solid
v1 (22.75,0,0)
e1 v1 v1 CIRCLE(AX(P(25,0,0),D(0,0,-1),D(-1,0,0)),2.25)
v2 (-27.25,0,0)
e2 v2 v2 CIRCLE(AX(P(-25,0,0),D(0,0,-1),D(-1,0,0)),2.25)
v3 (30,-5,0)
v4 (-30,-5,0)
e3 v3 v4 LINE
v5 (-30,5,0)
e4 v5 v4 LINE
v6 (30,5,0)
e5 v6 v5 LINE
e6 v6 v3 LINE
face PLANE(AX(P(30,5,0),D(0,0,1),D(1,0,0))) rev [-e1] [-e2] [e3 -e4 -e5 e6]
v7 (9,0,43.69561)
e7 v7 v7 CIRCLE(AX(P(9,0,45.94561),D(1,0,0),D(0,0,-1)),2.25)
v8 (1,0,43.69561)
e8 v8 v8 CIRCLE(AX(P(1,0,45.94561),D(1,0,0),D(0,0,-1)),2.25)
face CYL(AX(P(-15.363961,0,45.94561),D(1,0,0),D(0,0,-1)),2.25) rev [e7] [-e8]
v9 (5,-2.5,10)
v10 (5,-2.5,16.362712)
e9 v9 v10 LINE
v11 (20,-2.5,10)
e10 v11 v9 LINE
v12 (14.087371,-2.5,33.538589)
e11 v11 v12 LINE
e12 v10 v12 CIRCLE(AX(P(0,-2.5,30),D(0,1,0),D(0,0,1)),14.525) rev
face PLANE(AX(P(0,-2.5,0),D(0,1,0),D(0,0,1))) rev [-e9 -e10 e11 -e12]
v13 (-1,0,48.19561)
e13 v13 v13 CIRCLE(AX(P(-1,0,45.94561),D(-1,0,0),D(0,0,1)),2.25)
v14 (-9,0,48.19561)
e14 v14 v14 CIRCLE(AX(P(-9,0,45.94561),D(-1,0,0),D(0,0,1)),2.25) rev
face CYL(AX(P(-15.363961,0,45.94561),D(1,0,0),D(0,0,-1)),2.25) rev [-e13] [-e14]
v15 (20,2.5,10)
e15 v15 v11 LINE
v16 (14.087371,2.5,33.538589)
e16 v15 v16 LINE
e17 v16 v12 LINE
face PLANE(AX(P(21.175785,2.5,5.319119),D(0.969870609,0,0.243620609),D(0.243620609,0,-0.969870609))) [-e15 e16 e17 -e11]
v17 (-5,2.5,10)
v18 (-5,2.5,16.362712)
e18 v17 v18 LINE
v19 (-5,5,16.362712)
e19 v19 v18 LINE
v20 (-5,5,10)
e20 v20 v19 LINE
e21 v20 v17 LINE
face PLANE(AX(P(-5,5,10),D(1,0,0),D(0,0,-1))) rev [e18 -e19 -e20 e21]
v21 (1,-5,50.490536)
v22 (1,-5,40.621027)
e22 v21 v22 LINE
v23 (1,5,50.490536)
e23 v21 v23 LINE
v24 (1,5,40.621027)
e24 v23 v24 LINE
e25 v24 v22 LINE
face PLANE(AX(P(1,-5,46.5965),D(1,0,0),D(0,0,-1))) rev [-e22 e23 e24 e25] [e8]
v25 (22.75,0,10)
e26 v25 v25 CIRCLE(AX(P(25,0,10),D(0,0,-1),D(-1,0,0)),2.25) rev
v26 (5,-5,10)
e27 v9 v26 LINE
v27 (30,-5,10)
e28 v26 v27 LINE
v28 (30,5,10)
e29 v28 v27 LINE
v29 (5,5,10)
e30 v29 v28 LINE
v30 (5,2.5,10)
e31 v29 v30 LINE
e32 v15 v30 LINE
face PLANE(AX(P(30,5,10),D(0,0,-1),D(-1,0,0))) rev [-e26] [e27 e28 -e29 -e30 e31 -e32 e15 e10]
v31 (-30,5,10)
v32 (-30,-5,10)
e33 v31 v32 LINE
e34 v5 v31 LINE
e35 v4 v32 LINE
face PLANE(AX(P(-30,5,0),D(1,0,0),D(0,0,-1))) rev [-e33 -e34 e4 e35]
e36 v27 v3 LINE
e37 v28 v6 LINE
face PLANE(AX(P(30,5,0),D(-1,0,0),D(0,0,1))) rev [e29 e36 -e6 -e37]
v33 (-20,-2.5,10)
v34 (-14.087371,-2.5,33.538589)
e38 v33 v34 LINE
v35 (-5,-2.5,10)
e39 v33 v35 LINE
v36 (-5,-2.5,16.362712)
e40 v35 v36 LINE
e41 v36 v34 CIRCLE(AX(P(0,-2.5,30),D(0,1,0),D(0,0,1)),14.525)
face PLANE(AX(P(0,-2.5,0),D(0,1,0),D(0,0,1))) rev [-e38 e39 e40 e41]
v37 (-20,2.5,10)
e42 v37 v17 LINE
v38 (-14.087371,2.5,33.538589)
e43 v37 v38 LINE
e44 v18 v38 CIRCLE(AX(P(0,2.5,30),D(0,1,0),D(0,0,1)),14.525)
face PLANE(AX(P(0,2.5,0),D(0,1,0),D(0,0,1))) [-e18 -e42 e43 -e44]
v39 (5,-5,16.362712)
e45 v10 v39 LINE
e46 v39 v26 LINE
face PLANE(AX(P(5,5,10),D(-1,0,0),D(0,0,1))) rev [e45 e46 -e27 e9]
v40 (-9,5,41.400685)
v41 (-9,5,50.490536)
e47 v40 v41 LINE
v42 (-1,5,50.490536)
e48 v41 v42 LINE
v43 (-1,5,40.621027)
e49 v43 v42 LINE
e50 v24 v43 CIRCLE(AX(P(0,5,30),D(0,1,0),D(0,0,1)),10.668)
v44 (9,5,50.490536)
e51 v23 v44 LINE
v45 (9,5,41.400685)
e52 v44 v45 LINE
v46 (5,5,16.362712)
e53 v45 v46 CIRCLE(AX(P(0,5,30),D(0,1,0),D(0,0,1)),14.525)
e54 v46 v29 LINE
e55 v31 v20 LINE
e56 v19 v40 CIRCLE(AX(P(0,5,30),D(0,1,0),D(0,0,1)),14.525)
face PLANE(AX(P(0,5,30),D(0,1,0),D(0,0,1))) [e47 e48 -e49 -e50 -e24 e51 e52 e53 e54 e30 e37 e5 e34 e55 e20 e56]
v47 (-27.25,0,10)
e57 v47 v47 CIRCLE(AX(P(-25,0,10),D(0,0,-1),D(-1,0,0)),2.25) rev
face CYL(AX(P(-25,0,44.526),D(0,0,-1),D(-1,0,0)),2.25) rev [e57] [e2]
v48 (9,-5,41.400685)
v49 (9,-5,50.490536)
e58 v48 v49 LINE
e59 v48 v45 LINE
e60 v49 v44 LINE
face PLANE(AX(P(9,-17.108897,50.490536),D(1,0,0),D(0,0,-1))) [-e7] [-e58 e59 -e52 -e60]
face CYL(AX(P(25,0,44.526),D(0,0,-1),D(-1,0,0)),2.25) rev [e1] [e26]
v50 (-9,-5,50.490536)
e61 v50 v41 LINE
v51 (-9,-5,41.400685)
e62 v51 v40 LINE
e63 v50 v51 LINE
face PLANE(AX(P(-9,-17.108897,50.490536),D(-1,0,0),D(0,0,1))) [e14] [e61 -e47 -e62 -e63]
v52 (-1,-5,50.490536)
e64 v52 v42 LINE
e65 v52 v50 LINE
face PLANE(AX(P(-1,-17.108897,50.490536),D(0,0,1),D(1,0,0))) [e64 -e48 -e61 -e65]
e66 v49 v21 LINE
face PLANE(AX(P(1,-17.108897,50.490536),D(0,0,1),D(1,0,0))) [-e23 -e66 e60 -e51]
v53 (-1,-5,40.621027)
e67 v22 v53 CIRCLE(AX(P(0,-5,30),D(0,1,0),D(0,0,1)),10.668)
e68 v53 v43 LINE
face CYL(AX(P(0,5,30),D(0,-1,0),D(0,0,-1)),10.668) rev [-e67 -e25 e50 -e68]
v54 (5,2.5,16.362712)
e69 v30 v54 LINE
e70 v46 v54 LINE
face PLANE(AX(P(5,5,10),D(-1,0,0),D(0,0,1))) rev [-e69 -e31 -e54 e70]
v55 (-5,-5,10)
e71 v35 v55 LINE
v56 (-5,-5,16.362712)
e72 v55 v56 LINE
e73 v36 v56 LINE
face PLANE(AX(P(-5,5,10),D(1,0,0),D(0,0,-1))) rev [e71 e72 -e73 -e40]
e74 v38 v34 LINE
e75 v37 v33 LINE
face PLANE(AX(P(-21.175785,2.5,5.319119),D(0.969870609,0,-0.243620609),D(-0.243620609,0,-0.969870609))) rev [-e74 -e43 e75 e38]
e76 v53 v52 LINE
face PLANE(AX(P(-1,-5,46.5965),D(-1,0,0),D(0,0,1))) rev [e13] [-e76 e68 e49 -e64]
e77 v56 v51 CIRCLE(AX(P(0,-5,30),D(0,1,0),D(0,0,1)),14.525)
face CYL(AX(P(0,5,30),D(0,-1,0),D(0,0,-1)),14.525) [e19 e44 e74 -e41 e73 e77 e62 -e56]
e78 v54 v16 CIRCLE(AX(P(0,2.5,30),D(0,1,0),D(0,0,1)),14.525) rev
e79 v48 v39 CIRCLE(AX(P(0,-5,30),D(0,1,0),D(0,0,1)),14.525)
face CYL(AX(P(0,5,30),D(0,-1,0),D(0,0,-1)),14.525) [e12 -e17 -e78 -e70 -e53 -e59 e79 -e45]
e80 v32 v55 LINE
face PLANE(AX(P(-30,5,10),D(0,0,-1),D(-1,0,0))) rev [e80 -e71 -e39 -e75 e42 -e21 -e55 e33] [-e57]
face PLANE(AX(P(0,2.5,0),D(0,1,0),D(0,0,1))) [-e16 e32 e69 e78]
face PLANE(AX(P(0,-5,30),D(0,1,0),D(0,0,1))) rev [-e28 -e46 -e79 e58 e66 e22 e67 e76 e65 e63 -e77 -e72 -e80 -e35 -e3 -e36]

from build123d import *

# Parameters (mm, degrees)
CROQUIS1_R              = 10.668
SALIENTE_EXTRUIR1_DEPTH = 5
CORTAR_EXTRUIR1_REACH   = 55.921
CROQUIS2_R              = 2.25
SALIENTE_EXTRUIR2_DEPTH = 2.5
CROQUIS7_W              = 2
CROQUIS7_H              = 8
CORTAR_EXTRUIR5_DEPTH   = 55.612046519
SALIENTE_EXTRUIR3_DEPTH = 10
CORTAR_EXTRUIR6_REACH   = 65.994
CROQUIS9_R              = 2.25


with BuildPart() as part:
    # Croquis1 → Saliente-Extruir1 (new, symmetric)
    with BuildSketch(Plane(origin=(0, 0, 0), x_dir=(1, 0, 0), z_dir=(0, 1, 0))):
        with BuildLine():
            Line((30, 0), (-30, 0))
            Line((-30, 0), (-30, -10))
            Line((-30, -10), (-5, -10))
            Line((-5, -10), (-5, -16.362711963))
            ThreePointArc((-5, -16.362711963), (0, -44.525), (5, -16.362711963))
            Line((5, -16.362711963), (5, -10))
            Line((5, -10), (30, -10))
            Line((30, -10), (30, 0))
        make_face()
        with Locations(Location((0, -30, 0), (0, 0, 270))):
            Circle(CROQUIS1_R, mode=Mode.SUBTRACT)
    extrude(amount=SALIENTE_EXTRUIR1_DEPTH, both=True)

    # Croquis2 → Cortar-Extruir1 (cut, up to next)
    with BuildSketch(Plane(origin=(0, 0, 0), x_dir=(-1, 0, 0), z_dir=(0, 0, -1)), mode=Mode.PRIVATE) as cortar_extruir1_sk1:
        with Locations((25, 0)):
            Circle(CROQUIS2_R)
    cortar_extruir1_tool1 = extrude(cortar_extruir1_sk1.sketch, amount=-CORTAR_EXTRUIR1_REACH, mode=Mode.PRIVATE) & part.part
    # Croquis2 → Cortar-Extruir1 (cut, up to next)
    with BuildSketch(Plane(origin=(0, 0, 0), x_dir=(-1, 0, 0), z_dir=(0, 0, -1)), mode=Mode.PRIVATE) as cortar_extruir1_sk2:
        with Locations((-25, 0)):
            Circle(CROQUIS2_R)
    cortar_extruir1_tool2 = extrude(cortar_extruir1_sk2.sketch, amount=-CORTAR_EXTRUIR1_REACH, mode=Mode.PRIVATE) & part.part
    add(cortar_extruir1_tool1.solids().sort_by_distance((-25, 0, 0))[0], mode=Mode.SUBTRACT)
    add(cortar_extruir1_tool2.solids().sort_by_distance((25, 0, 0))[0], mode=Mode.SUBTRACT)

    # Croquis3 → Saliente-Extruir2 (add, symmetric)
    with BuildSketch(Plane(origin=(0, 0, 0), x_dir=(1, 0, 0), z_dir=(0, 1, 0))):
        with BuildLine():
            ThreePointArc((-5, -16.362711963), (-12.838793561, -23.207282952), (-14.0873706, -33.53858935))
            Line((-14.0873706, -33.53858935), (-20, -10))
            Line((-20, -10), (-5, -10))
            Line((-5, -10), (-5, -16.362711963))
        make_face()
        with BuildLine():
            Line((5, -10), (5, -16.362711963))
            ThreePointArc((5, -16.362711963), (12.838793561, -23.207282952), (14.0873706, -33.53858935))
            Line((14.0873706, -33.53858935), (20, -10))
            Line((20, -10), (5, -10))
        make_face()
    extrude(amount=SALIENTE_EXTRUIR2_DEPTH, both=True)

    # Croquis7 → Cortar-Extruir5 (cut, through all)
    with BuildSketch(Plane(origin=(0, 5, 0), x_dir=(1, 0, 0), z_dir=(0, 1, 0))):
        with Locations((0, -42.5965)):
            Rectangle(CROQUIS7_W, CROQUIS7_H)
    extrude(amount=-CORTAR_EXTRUIR5_DEPTH, mode=Mode.SUBTRACT)

    # Croquis8 → Saliente-Extruir3 (add)
    with BuildSketch(Plane(origin=(0, 5, 0), x_dir=(1, 0, 0), z_dir=(0, 1, 0))):
        with BuildLine():
            Line((-1, -44.490535704), (-1, -50.490535704))
            Line((-1, -50.490535704), (-9, -50.490535704))
            Line((-9, -50.490535704), (-9, -41.400685286))
            ThreePointArc((-9, -41.400685286), (-5.233239332, -43.549495603), (-1, -44.490535704))
        make_face()
        with BuildLine():
            Line((9, -50.490535704), (9, -41.400685286))
            ThreePointArc((9, -41.400685286), (5.233239332, -43.549495603), (1, -44.490535704))
            Line((1, -44.490535704), (1, -50.490535704))
            Line((1, -50.490535704), (9, -50.490535704))
        make_face()
    extrude(amount=-SALIENTE_EXTRUIR3_DEPTH)

    # Cortar-Extruir6: up to this face of the body (flat: up to its plane)
    cortar_extruir6_end = Plane(part.part.faces().sort_by_distance((-9, 0, 45.945610495))[0])
    # Croquis9 → Cortar-Extruir6 (cut, up to the picked face)
    with BuildSketch(Plane(origin=(9, 0, 0), x_dir=(0, 0, -1), z_dir=(1, 0, 0)), mode=Mode.PRIVATE) as cortar_extruir6_sk1:
        with Locations((-45.945610495, 0)):
            Circle(CROQUIS9_R)
    cortar_extruir6_tool1 = split(extrude(cortar_extruir6_sk1.sketch, amount=-CORTAR_EXTRUIR6_REACH, mode=Mode.PRIVATE), bisect_by=cortar_extruir6_end, keep=Keep.BOTH, mode=Mode.PRIVATE)
    add(cortar_extruir6_tool1.solids().sort_by(Axis((9, 0, 45.94561), (-1, 0, 0)))[0], mode=Mode.SUBTRACT)


solid = part.part
